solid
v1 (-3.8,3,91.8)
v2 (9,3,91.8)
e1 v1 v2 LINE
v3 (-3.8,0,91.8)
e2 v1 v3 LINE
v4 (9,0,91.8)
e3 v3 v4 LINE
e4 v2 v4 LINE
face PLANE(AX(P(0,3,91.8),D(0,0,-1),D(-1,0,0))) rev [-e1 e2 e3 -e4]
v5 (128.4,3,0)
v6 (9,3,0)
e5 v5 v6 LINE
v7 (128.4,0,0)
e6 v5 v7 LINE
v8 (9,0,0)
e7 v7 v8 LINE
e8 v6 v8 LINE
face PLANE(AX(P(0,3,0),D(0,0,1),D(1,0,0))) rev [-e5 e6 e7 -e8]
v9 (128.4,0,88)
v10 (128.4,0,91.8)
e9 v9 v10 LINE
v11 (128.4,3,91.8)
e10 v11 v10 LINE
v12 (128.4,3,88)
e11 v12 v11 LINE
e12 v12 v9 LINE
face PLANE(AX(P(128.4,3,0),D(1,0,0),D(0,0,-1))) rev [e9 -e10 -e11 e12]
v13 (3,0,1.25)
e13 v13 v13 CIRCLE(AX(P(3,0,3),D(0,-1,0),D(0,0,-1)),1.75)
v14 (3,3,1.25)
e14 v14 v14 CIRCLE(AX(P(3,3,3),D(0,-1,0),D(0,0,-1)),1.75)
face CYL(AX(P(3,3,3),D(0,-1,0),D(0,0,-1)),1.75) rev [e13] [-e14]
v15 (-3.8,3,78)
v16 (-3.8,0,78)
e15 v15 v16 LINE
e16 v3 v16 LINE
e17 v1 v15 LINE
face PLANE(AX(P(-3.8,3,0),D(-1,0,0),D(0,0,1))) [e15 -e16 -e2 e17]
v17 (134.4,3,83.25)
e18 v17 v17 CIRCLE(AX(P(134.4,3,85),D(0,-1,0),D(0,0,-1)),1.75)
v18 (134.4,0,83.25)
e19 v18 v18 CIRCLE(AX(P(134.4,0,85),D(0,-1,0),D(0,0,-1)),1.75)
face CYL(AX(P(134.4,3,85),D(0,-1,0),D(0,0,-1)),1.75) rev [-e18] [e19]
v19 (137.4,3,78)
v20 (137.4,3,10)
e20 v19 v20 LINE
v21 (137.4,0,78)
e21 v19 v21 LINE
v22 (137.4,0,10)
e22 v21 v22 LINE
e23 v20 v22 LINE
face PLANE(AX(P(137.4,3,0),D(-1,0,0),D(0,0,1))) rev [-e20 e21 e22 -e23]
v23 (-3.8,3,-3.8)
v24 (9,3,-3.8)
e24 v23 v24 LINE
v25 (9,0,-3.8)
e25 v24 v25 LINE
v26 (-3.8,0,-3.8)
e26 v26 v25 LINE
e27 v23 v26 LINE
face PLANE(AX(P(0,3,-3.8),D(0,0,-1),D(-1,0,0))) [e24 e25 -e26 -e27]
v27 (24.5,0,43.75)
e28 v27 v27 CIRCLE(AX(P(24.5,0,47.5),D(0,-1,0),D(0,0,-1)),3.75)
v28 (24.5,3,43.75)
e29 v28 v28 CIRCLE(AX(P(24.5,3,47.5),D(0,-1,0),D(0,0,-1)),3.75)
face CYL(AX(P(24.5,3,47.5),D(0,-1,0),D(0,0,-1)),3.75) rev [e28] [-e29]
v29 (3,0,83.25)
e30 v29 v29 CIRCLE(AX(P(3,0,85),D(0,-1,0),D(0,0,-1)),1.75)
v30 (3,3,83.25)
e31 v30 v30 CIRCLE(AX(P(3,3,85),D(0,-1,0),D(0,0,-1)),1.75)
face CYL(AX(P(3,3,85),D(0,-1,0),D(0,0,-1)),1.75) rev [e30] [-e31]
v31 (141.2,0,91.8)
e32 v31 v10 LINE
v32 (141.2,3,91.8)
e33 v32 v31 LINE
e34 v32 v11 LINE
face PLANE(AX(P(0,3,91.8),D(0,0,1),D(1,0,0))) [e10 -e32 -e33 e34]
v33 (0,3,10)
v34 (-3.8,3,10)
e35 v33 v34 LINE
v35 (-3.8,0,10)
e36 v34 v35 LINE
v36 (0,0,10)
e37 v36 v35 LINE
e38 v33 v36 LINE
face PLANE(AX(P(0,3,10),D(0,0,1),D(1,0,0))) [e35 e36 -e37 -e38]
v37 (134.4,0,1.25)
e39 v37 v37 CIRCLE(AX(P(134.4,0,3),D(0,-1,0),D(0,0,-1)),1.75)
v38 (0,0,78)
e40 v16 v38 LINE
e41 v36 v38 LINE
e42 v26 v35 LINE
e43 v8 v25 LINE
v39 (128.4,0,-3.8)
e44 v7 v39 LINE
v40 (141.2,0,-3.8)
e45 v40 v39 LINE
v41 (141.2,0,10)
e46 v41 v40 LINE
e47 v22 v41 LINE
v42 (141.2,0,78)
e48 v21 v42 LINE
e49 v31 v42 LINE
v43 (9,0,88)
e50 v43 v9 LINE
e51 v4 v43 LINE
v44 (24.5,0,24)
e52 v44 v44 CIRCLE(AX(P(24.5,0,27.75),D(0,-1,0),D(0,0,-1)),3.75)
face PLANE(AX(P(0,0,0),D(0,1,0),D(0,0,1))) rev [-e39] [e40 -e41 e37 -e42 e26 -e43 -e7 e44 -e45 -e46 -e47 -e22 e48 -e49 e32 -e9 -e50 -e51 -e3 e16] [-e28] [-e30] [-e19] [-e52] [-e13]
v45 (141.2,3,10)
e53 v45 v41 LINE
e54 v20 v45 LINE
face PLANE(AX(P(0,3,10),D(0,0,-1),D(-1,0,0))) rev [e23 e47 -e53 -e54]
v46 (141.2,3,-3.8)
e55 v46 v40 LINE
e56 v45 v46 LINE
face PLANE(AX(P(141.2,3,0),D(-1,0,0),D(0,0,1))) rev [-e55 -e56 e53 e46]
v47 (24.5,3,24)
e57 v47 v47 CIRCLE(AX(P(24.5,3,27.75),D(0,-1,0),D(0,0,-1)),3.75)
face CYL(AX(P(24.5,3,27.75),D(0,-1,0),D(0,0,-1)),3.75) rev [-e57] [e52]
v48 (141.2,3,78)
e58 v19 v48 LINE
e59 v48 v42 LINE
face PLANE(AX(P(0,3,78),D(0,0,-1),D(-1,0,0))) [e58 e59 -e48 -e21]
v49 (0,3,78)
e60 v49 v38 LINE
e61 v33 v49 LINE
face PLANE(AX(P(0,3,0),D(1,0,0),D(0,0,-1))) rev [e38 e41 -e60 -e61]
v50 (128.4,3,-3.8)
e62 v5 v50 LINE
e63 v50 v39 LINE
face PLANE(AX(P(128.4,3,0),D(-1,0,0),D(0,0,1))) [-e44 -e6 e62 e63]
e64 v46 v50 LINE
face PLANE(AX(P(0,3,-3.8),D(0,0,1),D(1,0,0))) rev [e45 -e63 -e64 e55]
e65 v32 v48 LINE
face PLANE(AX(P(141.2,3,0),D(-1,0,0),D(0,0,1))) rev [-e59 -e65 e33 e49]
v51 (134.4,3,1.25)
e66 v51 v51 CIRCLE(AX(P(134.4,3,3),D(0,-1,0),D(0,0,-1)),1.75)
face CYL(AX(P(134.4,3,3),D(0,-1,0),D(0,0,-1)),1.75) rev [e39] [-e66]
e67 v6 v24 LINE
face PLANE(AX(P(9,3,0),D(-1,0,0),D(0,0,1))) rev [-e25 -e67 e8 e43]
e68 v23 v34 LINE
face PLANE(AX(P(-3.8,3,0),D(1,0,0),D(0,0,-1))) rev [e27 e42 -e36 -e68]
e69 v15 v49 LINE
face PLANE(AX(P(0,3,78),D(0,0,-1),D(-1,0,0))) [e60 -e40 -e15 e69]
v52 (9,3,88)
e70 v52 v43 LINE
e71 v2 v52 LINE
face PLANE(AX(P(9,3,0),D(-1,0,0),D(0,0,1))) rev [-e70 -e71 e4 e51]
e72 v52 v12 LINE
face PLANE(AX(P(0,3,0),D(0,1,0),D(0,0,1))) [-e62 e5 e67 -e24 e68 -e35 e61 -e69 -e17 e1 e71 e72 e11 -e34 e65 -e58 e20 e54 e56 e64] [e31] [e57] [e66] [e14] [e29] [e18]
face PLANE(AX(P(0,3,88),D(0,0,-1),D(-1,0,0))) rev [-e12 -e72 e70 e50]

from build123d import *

# Parameters (mm, degrees)
SKETCH1_W           = 137.4
SKETCH1_H           = 88
BOSS_EXTRUDE1_DEPTH = 3
SKETCH2_R           = 1.75
CUT_EXTRUDE1_DEPTH  = 4
SKETCH3_W           = 9
SKETCH3_H           = 3.8
SKETCH3_W_2         = 3.8
SKETCH3_H_2         = 10
BOSS_EXTRUDE2_DEPTH = 3
SKETCH4_R           = 3.75
CUT_EXTRUDE2_DEPTH  = 4


with BuildPart() as part:
    # Sketch1 → Boss-Extrude1 (new body)
    with BuildSketch(Plane(origin=(0, 0, 0), x_dir=(1, 0, 0), z_dir=(0, 1, 0))):
        with Locations((68.7, -44)):
            Rectangle(SKETCH1_W, SKETCH1_H)
    extrude(amount=BOSS_EXTRUDE1_DEPTH)

    # Sketch2 → Cut-Extrude1 (cut, through all)
    with BuildSketch(Plane.XZ):
        with Locations((3, 85)):
            Circle(SKETCH2_R)
        with Locations((134.4, 85)):
            Circle(SKETCH2_R)
        with Locations((134.4, 3)):
            Circle(SKETCH2_R)
        with Locations((3, 3)):
            Circle(SKETCH2_R)
    extrude(amount=-CUT_EXTRUDE1_DEPTH, mode=Mode.SUBTRACT)

    # Sketch3 → Boss-Extrude2 (add, through all)
    with BuildSketch(Plane.XZ):
        Polygon((0, 91.8), (-3.8, 91.8), (-3.8, 78), (0, 78), (0, 88), align=None)
        with Locations((4.5, 89.9)):
            Rectangle(SKETCH3_W, SKETCH3_H)
        with Locations((-1.9, 5)):
            Rectangle(SKETCH3_W_2, SKETCH3_H_2)
        Polygon((9, 0), (0, 0), (-3.8, 0), (-3.8, -3.8), (9, -3.8), align=None)
        Polygon((137.4, 0), (128.4, 0), (128.4, -3.8), (141.2, -3.8), (141.2, 0), align=None)
        with Locations((139.3, 5)):
            Rectangle(SKETCH3_W_2, SKETCH3_H_2)
        with Locations((132.9, 89.9)):
            Rectangle(SKETCH3_W, SKETCH3_H)
        Polygon((137.4, 91.8), (137.4, 88), (137.4, 78), (141.2, 78), (141.2, 91.8), align=None)
    extrude(amount=-BOSS_EXTRUDE2_DEPTH)

    # Sketch4 → Cut-Extrude2 (cut, through all)
    with BuildSketch(Plane.XZ):
        with Locations((24.5, 47.5)):
            Circle(SKETCH4_R)
        with Locations((24.5, 27.75)):
            Circle(SKETCH4_R)
    extrude(amount=-CUT_EXTRUDE2_DEPTH, mode=Mode.SUBTRACT)


solid = part.part
